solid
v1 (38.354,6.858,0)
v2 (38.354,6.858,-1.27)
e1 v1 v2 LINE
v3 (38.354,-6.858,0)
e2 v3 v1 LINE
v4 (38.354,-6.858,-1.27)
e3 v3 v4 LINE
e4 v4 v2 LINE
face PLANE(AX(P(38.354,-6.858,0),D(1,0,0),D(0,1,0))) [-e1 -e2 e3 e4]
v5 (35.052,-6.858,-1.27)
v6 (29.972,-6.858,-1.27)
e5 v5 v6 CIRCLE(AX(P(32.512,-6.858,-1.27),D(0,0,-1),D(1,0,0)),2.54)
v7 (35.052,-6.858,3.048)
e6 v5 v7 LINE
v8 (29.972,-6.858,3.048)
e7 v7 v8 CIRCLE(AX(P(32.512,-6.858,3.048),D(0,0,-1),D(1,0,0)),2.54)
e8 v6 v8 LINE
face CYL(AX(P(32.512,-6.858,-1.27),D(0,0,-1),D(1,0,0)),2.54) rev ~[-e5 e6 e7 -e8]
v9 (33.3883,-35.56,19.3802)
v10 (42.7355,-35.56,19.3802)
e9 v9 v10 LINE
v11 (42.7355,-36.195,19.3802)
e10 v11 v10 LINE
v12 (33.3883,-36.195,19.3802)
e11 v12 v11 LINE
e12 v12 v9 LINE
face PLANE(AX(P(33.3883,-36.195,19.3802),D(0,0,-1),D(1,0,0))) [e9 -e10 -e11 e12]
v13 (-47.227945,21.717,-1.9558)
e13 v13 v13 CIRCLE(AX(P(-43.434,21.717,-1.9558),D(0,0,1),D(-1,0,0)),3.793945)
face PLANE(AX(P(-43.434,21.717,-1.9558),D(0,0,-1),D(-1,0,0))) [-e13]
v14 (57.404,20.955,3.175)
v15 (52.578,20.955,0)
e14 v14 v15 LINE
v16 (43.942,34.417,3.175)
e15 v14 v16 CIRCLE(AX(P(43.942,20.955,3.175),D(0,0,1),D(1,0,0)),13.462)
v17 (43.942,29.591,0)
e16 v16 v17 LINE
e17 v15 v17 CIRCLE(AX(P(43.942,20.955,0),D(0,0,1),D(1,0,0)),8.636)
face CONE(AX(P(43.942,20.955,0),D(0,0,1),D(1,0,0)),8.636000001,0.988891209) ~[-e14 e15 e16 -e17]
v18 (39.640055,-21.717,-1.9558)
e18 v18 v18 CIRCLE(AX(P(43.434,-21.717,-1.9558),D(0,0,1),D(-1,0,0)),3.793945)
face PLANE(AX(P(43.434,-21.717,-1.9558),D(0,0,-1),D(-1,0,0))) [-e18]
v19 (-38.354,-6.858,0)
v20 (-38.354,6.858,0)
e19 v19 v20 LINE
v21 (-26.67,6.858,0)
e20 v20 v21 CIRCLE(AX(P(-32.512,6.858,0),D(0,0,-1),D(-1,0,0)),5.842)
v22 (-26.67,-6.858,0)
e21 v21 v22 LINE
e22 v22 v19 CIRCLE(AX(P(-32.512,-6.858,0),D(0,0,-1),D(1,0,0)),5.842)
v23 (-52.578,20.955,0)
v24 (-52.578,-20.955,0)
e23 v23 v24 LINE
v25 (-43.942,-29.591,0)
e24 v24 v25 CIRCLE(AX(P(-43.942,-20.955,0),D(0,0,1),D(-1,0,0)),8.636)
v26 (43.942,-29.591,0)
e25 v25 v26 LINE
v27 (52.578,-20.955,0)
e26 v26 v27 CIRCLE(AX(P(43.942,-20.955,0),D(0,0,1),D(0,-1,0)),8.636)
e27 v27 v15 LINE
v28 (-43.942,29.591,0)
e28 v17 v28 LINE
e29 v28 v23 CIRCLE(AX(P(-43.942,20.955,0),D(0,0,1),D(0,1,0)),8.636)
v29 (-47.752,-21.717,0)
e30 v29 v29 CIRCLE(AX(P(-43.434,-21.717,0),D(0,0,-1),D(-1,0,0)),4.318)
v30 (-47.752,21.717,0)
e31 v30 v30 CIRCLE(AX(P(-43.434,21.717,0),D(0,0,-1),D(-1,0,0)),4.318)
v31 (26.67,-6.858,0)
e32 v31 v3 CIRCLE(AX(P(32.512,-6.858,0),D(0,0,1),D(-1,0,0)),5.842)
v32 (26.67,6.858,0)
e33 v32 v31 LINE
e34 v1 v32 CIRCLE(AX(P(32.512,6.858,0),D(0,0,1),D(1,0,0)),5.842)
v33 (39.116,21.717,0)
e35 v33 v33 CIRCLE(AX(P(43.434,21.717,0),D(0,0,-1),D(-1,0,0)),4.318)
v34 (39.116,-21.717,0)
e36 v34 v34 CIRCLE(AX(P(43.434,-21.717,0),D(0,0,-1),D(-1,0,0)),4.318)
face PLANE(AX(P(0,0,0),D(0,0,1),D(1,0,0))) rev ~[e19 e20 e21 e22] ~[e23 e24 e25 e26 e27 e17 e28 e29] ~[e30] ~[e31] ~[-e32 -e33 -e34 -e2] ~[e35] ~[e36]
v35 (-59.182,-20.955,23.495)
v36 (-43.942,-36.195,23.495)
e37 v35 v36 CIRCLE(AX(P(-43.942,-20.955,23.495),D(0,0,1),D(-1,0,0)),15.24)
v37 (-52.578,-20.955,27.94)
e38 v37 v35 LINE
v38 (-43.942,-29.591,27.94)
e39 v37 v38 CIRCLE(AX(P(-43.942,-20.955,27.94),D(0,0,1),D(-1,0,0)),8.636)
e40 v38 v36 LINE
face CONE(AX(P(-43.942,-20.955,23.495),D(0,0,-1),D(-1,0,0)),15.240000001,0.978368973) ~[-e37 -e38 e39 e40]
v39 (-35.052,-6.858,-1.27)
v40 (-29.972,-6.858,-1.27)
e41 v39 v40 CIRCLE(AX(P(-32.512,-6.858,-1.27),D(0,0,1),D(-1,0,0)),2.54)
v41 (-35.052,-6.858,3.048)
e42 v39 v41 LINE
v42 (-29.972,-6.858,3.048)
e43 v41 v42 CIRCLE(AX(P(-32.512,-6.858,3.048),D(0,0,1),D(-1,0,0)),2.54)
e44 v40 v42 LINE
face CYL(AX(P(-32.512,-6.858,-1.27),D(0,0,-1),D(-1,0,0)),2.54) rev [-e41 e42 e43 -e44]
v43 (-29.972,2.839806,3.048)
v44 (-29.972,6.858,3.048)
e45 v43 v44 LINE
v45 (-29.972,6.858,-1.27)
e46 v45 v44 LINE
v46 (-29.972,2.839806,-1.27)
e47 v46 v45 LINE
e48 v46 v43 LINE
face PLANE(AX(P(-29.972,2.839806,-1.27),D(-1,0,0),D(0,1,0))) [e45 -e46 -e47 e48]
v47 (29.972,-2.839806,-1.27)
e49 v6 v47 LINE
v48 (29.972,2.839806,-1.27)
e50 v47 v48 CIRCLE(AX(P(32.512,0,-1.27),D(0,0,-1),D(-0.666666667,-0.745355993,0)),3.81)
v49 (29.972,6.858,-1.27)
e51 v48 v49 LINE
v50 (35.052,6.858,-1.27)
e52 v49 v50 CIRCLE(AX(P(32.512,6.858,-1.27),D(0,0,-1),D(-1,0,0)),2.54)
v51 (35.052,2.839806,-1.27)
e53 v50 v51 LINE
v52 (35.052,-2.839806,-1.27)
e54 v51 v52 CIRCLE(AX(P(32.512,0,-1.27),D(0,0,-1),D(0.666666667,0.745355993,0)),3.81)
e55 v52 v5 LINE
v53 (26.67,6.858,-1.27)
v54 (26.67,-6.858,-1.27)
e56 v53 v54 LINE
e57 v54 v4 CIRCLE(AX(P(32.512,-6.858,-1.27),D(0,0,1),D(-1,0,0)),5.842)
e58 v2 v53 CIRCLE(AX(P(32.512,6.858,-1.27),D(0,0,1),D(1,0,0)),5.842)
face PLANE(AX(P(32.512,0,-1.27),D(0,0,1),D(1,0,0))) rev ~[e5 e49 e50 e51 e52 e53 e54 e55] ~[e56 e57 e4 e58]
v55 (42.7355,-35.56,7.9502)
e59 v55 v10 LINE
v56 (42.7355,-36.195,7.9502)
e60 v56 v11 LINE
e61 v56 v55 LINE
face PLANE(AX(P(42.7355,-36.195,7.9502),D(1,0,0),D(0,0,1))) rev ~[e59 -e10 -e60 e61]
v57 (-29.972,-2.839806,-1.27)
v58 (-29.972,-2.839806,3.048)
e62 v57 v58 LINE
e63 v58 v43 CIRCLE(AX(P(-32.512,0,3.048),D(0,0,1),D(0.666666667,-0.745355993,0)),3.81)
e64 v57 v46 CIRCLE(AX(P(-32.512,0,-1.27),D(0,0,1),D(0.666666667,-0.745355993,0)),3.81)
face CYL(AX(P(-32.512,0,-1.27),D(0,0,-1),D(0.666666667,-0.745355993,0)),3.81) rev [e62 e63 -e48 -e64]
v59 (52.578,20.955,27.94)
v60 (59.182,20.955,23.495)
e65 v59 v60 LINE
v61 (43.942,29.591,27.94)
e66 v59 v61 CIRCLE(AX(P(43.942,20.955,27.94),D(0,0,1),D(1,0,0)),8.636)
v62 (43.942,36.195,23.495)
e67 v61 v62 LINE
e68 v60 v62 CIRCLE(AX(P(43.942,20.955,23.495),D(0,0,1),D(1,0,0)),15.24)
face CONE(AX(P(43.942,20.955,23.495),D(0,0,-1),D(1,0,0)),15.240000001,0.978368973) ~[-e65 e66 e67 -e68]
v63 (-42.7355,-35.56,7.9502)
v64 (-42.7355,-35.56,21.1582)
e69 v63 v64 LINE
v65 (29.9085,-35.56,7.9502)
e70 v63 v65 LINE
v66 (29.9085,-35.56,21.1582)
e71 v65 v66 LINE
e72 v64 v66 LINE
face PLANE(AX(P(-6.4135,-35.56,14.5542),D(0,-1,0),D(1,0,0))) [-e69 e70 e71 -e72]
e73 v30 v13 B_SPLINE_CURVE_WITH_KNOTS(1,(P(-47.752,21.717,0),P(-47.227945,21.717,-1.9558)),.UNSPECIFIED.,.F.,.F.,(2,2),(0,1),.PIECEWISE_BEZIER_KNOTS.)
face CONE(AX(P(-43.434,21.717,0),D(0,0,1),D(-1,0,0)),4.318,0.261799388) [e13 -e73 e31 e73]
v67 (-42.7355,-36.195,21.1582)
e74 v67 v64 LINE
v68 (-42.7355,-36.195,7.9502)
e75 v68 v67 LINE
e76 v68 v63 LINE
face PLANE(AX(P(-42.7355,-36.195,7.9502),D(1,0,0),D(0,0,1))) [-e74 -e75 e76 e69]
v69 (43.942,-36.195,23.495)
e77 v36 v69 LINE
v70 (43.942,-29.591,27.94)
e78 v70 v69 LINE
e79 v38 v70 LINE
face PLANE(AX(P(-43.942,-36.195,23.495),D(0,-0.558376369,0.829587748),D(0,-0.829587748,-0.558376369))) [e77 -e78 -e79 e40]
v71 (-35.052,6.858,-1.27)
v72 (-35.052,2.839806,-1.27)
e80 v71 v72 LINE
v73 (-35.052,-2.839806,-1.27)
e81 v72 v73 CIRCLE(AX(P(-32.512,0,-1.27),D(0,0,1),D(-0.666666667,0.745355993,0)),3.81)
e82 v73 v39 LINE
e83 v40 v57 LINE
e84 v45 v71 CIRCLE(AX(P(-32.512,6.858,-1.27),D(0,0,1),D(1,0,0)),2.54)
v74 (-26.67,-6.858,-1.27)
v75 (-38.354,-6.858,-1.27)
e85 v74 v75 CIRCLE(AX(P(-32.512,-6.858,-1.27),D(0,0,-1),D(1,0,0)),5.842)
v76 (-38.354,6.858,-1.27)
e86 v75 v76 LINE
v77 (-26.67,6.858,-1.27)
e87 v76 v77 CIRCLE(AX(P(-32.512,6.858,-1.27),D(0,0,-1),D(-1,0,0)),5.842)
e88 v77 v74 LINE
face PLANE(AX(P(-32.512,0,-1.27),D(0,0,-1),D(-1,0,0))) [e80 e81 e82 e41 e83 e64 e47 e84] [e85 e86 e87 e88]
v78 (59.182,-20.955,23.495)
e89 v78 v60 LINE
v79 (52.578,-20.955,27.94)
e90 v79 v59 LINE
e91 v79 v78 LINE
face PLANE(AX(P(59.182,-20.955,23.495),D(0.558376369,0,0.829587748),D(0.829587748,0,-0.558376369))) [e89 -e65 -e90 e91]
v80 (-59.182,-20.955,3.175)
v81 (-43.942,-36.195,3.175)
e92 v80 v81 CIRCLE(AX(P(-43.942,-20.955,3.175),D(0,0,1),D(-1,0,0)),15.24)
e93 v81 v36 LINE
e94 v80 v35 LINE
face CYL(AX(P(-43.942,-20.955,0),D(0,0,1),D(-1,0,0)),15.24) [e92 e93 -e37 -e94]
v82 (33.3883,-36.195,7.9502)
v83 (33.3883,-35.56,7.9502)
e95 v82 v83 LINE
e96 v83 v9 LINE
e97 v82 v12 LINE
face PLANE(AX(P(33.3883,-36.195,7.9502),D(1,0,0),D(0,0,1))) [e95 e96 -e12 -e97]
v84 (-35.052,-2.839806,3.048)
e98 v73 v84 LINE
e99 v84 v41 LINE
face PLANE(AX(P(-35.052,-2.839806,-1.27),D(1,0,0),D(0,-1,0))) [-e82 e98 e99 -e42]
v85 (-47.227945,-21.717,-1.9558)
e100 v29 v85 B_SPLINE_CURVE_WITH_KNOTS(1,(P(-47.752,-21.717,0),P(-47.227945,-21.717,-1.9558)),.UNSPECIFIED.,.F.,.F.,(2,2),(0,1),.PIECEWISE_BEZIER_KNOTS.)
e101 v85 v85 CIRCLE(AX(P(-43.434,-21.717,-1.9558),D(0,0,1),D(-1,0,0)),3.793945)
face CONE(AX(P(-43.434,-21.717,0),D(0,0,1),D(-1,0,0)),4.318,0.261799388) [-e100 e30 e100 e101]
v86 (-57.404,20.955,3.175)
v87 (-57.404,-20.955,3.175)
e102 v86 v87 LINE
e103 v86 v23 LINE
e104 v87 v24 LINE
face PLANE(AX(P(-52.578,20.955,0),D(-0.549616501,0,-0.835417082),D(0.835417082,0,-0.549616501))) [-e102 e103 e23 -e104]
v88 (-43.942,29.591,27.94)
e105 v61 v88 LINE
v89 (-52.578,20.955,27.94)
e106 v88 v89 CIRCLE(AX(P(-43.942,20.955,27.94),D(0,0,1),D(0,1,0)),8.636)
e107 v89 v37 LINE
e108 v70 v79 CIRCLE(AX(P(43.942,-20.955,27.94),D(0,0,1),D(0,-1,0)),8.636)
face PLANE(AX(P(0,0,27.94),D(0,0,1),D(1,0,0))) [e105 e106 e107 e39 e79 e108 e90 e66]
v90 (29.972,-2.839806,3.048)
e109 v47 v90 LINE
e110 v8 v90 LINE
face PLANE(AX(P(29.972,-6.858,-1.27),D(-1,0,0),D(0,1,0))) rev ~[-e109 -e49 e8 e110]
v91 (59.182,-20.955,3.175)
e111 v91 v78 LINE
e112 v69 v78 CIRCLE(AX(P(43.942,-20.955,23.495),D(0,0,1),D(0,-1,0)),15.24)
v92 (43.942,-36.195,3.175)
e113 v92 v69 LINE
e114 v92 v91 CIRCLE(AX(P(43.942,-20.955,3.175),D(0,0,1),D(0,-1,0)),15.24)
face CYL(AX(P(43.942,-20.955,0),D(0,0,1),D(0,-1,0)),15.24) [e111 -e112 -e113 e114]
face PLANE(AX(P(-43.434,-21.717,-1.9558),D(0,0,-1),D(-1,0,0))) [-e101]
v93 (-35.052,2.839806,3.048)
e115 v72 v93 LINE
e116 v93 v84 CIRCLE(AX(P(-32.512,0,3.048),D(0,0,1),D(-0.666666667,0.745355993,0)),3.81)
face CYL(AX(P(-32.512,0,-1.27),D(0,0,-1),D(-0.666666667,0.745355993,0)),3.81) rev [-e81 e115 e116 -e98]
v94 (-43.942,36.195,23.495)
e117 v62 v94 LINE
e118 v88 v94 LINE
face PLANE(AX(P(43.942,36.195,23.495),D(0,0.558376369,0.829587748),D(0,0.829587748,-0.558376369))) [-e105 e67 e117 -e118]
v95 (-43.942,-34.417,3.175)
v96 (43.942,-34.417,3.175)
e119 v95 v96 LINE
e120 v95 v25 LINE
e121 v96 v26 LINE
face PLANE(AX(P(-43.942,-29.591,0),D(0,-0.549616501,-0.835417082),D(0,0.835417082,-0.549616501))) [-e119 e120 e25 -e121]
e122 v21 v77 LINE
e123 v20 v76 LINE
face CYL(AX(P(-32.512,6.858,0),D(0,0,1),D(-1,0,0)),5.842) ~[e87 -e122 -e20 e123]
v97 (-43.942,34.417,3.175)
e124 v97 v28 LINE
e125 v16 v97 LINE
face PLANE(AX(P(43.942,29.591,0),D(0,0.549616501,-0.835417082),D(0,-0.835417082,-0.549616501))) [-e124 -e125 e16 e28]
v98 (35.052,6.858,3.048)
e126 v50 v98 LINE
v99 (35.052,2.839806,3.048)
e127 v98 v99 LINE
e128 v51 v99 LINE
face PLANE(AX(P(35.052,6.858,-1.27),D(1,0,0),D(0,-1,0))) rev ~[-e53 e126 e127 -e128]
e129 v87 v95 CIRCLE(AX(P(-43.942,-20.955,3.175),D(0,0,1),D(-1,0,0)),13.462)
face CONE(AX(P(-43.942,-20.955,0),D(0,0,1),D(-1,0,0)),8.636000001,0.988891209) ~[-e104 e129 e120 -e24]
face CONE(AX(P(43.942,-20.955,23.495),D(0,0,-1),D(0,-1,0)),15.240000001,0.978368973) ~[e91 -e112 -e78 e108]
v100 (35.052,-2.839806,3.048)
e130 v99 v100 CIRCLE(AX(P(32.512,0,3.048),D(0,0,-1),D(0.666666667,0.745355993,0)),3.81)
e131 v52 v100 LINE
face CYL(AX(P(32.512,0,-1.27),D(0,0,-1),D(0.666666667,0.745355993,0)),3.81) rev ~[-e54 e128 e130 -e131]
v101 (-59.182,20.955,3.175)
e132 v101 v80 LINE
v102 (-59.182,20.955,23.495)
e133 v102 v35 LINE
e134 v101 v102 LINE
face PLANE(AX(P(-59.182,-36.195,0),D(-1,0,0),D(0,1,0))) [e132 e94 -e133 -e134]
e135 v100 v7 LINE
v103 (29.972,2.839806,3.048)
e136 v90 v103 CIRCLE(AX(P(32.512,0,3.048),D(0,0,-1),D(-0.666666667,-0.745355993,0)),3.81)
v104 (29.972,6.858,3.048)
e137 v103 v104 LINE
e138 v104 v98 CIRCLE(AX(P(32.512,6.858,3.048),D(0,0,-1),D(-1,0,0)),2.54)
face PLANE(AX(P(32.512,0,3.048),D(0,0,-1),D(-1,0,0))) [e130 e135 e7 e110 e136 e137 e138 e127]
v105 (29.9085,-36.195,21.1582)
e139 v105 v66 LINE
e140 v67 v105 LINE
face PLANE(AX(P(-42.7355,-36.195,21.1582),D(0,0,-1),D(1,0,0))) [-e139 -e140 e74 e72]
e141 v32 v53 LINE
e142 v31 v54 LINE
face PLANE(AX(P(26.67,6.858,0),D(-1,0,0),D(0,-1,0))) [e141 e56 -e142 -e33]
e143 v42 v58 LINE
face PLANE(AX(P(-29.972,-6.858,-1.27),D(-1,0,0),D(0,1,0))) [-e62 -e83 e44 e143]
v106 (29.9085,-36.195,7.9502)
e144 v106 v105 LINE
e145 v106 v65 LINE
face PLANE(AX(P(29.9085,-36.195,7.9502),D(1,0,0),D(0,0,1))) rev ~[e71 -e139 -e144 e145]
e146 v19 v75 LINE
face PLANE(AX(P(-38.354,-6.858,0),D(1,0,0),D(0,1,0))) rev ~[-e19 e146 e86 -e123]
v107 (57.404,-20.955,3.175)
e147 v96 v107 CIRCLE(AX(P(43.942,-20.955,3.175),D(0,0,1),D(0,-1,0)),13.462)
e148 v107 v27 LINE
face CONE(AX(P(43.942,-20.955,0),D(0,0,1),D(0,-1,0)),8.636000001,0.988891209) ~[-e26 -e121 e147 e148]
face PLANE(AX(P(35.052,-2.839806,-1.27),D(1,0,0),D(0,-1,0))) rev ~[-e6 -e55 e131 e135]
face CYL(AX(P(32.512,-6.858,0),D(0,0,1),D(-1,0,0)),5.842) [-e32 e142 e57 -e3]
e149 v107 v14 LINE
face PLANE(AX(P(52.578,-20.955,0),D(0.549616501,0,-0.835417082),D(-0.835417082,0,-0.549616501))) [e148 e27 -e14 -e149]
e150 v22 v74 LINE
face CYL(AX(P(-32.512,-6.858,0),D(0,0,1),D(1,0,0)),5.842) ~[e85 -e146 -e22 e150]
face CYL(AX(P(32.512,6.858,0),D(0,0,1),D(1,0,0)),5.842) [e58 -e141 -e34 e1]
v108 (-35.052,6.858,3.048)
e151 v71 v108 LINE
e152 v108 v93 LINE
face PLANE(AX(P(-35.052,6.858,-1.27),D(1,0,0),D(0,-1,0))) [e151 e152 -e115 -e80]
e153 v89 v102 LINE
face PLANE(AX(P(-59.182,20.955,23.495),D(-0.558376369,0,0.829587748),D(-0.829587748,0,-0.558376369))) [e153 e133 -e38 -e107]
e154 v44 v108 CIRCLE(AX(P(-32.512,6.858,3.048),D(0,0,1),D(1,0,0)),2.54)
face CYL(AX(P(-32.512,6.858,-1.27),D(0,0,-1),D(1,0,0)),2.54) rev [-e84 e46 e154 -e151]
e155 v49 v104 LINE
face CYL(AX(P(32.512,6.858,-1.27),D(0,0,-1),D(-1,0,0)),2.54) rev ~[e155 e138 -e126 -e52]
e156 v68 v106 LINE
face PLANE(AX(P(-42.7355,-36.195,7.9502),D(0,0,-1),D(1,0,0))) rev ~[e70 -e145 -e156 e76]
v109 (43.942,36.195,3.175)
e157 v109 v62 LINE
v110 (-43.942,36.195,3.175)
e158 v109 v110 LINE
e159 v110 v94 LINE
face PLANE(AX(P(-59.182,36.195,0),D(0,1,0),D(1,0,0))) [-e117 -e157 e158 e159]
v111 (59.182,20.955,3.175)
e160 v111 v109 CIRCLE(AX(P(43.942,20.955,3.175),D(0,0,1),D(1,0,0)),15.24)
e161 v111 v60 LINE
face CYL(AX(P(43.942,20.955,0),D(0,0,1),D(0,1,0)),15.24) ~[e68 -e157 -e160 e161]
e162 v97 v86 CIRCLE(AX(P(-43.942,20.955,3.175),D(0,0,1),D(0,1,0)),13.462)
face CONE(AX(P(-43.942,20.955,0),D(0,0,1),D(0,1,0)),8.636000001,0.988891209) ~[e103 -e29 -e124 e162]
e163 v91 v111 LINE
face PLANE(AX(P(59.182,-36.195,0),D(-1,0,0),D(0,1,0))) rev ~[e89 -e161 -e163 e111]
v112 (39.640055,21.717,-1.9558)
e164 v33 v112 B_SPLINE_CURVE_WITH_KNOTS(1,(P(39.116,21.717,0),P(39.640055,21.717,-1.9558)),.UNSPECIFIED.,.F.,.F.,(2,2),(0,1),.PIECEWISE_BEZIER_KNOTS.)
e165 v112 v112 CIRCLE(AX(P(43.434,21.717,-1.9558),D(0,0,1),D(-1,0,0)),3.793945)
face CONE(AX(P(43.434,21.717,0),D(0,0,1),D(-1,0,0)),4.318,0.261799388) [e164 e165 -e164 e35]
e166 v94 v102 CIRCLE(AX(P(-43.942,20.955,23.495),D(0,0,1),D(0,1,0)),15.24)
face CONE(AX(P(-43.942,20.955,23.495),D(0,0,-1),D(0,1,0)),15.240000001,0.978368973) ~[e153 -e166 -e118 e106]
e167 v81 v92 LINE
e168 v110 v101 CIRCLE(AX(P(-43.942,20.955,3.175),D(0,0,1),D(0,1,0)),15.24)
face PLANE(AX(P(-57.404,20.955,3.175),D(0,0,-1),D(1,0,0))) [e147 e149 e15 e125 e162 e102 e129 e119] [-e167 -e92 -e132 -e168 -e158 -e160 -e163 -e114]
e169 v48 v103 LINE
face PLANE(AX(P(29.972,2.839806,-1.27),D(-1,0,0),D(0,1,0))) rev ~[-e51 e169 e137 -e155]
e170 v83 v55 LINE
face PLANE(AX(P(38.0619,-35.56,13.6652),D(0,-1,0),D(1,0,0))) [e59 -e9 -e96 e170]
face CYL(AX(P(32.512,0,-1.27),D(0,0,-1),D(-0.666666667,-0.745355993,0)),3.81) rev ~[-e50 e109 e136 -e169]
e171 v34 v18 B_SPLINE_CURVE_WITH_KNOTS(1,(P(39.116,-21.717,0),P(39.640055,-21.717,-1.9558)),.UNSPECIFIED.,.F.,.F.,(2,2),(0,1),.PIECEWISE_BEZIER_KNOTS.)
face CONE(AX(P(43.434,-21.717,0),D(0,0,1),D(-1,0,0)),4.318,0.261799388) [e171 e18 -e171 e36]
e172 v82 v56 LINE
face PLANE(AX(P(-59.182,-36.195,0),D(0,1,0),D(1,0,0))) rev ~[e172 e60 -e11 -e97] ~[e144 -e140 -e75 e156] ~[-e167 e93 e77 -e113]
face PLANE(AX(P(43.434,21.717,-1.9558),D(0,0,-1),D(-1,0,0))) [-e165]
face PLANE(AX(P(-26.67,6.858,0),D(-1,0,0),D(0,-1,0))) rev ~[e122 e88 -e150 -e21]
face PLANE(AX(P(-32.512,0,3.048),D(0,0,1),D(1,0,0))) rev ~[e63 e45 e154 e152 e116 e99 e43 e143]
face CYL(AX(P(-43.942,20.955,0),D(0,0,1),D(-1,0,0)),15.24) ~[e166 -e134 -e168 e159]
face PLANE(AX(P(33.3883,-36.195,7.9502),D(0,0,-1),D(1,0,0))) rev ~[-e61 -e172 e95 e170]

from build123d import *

# Parameters (mm, degrees)
SKETCH1_W           = 118.364
SKETCH1_H           = 72.39
BOSS_EXTRUDE1_DEPTH = 27.94
SKETCH2_R           = 4.318
BOSS_EXTRUDE2_DEPTH = 1.9558
BOSS_EXTRUDE2_TAPER = 15
FILLET1_R           = 15.24
BOSS_EXTRUDE3_DEPTH = 1.27
CUT_EXTRUDE1_DEPTH  = 4.318
SKETCH13_W          = 72.644
SKETCH13_H          = 13.208
SKETCH13_W_2        = 9.3472
SKETCH13_H_2        = 11.43
CUT_EXTRUDE2_DEPTH  = 0.635


with BuildPart() as part:
    # Sketch1 → Boss-Extrude1 (new body)
    with BuildSketch(Plane.XY):
        Rectangle(SKETCH1_W, SKETCH1_H)
    extrude(amount=BOSS_EXTRUDE1_DEPTH)

    # Sketch2 → Boss-Extrude2 (add)
    with BuildSketch(Plane(origin=(0, 0, 0), x_dir=(-1, 0, 0), z_dir=(0, 0, -1))):
        with Locations((-43.434, 21.717)):
            Circle(SKETCH2_R)
        with Locations((-43.434, -21.717)):
            Circle(SKETCH2_R)
        with Locations((43.434, -21.717)):
            Circle(SKETCH2_R)
        with Locations((43.434, 21.717)):
            Circle(SKETCH2_R)
    extrude(amount=BOSS_EXTRUDE2_DEPTH, taper=BOSS_EXTRUDE2_TAPER)

    # Fillet1
    fillet1_edges = [part.edges().sort_by_distance(p)[0] for p in [
        (-59.182, 36.195, 13.97),
        (59.182, 36.195, 13.97),
        (59.182, -36.195, 13.97),
        (-59.182, -36.195, 13.97),
    ]]
    fillet(fillet1_edges, radius=FILLET1_R)

    # Cut-Sweep1: sweep along a path in Sketch4
    with BuildLine(Plane.XY.offset(27.94)) as cut_sweep1_path:
        Line((43.942, 36.195), (-43.942, 36.195))
        ThreePointArc((-43.942, 36.195), (-54.718307345, 31.731307345), (-59.182, 20.955))
        Line((-59.182, 20.955), (-59.182, -20.955))
        ThreePointArc((-59.182, -20.955), (-54.718307345, -31.731307345), (-43.942, -36.195))
        Line((-43.942, -36.195), (43.942, -36.195))
        ThreePointArc((43.942, -36.195), (54.718307345, -31.731307345), (59.182, -20.955))
        Line((59.182, -20.955), (59.182, 20.955))
        ThreePointArc((59.182, 20.955), (54.718307345, 31.731307345), (43.942, 36.195))
    # Sketch3 → Cut-Sweep1 (sweep, cut)
    with BuildSketch(Plane(origin=(0, 0, 0), x_dir=(0, 0, -1), z_dir=(1, 0, 0))):
        Polygon((-23.495, 36.195), (-27.94, 29.591), (-27.94, 36.195), align=None)
        Polygon((0, 36.195), (0, 29.591), (-3.175, 34.417), (-3.175, 36.195), align=None)
    sweep(path=cut_sweep1_path.line, mode=Mode.SUBTRACT)

    # Sketch11 → Boss-Extrude3 (add)
    with BuildSketch(Plane(origin=(0, 0, 0), x_dir=(-1, 0, 0), z_dir=(0, 0, -1))):
        with BuildLine():
            Line((-26.67, 6.858), (-26.67, -6.858))
            ThreePointArc((-26.67, -6.858), (-32.512, -12.7), (-38.354, -6.858))
            Line((-38.354, -6.858), (-38.354, 6.858))
            ThreePointArc((-38.354, 6.858), (-32.512, 12.7), (-26.67, 6.858))
        make_face()
        with BuildLine():
            Line((26.67, 6.858), (26.67, -6.858))
            ThreePointArc((26.67, -6.858), (32.512, -12.7), (38.354, -6.858))
            Line((38.354, -6.858), (38.354, 6.858))
            ThreePointArc((38.354, 6.858), (32.512, 12.7), (26.67, 6.858))
        make_face()
    extrude(amount=BOSS_EXTRUDE3_DEPTH)

    # Sketch12 → Cut-Extrude1 (cut)
    with BuildSketch(Plane(origin=(0, 0, -1.27), x_dir=(-1, 0, 0), z_dir=(0, 0, -1))):
        with BuildLine():
            Line((-35.052, 6.858), (-35.052, 2.839806331))
            ThreePointArc((-35.052, 2.839806331), (-36.322, 0), (-35.052, -2.839806331))
            Line((-35.052, -2.839806331), (-35.052, -6.858))
            ThreePointArc((-35.052, -6.858), (-32.512, -9.398), (-29.972, -6.858))
            Line((-29.972, -6.858), (-29.972, -2.839806331))
            ThreePointArc((-29.972, -2.839806331), (-28.702, 0), (-29.972, 2.839806331))
            Line((-29.972, 2.839806331), (-29.972, 6.858))
            ThreePointArc((-29.972, 6.858), (-32.512, 9.398), (-35.052, 6.858))
        make_face()
        with BuildLine():
            Line((29.972, 2.839806331), (29.972, 6.858))
            ThreePointArc((29.972, 6.858), (32.512, 9.398), (35.052, 6.858))
            Line((35.052, 6.858), (35.052, 2.839806331))
            ThreePointArc((35.052, 2.839806331), (36.322, 0), (35.052, -2.839806331))
            Line((35.052, -2.839806331), (35.052, -6.858))
            ThreePointArc((35.052, -6.858), (32.512, -9.398), (29.972, -6.858))
            Line((29.972, -6.858), (29.972, -2.839806331))
            ThreePointArc((29.972, -2.839806331), (28.702, 0), (29.972, 2.839806331))
        make_face()
    extrude(amount=-CUT_EXTRUDE1_DEPTH, mode=Mode.SUBTRACT)

    # Sketch13 → Cut-Extrude2 (cut)
    with BuildSketch(Plane.XZ.offset(36.195)):
        with Locations((-6.4135, 14.5542)):
            Rectangle(SKETCH13_W, SKETCH13_H)
        with Locations((38.0619, 13.6652)):
            Rectangle(SKETCH13_W_2, SKETCH13_H_2)
    extrude(amount=-CUT_EXTRUDE2_DEPTH, mode=Mode.SUBTRACT)


solid = part.part
